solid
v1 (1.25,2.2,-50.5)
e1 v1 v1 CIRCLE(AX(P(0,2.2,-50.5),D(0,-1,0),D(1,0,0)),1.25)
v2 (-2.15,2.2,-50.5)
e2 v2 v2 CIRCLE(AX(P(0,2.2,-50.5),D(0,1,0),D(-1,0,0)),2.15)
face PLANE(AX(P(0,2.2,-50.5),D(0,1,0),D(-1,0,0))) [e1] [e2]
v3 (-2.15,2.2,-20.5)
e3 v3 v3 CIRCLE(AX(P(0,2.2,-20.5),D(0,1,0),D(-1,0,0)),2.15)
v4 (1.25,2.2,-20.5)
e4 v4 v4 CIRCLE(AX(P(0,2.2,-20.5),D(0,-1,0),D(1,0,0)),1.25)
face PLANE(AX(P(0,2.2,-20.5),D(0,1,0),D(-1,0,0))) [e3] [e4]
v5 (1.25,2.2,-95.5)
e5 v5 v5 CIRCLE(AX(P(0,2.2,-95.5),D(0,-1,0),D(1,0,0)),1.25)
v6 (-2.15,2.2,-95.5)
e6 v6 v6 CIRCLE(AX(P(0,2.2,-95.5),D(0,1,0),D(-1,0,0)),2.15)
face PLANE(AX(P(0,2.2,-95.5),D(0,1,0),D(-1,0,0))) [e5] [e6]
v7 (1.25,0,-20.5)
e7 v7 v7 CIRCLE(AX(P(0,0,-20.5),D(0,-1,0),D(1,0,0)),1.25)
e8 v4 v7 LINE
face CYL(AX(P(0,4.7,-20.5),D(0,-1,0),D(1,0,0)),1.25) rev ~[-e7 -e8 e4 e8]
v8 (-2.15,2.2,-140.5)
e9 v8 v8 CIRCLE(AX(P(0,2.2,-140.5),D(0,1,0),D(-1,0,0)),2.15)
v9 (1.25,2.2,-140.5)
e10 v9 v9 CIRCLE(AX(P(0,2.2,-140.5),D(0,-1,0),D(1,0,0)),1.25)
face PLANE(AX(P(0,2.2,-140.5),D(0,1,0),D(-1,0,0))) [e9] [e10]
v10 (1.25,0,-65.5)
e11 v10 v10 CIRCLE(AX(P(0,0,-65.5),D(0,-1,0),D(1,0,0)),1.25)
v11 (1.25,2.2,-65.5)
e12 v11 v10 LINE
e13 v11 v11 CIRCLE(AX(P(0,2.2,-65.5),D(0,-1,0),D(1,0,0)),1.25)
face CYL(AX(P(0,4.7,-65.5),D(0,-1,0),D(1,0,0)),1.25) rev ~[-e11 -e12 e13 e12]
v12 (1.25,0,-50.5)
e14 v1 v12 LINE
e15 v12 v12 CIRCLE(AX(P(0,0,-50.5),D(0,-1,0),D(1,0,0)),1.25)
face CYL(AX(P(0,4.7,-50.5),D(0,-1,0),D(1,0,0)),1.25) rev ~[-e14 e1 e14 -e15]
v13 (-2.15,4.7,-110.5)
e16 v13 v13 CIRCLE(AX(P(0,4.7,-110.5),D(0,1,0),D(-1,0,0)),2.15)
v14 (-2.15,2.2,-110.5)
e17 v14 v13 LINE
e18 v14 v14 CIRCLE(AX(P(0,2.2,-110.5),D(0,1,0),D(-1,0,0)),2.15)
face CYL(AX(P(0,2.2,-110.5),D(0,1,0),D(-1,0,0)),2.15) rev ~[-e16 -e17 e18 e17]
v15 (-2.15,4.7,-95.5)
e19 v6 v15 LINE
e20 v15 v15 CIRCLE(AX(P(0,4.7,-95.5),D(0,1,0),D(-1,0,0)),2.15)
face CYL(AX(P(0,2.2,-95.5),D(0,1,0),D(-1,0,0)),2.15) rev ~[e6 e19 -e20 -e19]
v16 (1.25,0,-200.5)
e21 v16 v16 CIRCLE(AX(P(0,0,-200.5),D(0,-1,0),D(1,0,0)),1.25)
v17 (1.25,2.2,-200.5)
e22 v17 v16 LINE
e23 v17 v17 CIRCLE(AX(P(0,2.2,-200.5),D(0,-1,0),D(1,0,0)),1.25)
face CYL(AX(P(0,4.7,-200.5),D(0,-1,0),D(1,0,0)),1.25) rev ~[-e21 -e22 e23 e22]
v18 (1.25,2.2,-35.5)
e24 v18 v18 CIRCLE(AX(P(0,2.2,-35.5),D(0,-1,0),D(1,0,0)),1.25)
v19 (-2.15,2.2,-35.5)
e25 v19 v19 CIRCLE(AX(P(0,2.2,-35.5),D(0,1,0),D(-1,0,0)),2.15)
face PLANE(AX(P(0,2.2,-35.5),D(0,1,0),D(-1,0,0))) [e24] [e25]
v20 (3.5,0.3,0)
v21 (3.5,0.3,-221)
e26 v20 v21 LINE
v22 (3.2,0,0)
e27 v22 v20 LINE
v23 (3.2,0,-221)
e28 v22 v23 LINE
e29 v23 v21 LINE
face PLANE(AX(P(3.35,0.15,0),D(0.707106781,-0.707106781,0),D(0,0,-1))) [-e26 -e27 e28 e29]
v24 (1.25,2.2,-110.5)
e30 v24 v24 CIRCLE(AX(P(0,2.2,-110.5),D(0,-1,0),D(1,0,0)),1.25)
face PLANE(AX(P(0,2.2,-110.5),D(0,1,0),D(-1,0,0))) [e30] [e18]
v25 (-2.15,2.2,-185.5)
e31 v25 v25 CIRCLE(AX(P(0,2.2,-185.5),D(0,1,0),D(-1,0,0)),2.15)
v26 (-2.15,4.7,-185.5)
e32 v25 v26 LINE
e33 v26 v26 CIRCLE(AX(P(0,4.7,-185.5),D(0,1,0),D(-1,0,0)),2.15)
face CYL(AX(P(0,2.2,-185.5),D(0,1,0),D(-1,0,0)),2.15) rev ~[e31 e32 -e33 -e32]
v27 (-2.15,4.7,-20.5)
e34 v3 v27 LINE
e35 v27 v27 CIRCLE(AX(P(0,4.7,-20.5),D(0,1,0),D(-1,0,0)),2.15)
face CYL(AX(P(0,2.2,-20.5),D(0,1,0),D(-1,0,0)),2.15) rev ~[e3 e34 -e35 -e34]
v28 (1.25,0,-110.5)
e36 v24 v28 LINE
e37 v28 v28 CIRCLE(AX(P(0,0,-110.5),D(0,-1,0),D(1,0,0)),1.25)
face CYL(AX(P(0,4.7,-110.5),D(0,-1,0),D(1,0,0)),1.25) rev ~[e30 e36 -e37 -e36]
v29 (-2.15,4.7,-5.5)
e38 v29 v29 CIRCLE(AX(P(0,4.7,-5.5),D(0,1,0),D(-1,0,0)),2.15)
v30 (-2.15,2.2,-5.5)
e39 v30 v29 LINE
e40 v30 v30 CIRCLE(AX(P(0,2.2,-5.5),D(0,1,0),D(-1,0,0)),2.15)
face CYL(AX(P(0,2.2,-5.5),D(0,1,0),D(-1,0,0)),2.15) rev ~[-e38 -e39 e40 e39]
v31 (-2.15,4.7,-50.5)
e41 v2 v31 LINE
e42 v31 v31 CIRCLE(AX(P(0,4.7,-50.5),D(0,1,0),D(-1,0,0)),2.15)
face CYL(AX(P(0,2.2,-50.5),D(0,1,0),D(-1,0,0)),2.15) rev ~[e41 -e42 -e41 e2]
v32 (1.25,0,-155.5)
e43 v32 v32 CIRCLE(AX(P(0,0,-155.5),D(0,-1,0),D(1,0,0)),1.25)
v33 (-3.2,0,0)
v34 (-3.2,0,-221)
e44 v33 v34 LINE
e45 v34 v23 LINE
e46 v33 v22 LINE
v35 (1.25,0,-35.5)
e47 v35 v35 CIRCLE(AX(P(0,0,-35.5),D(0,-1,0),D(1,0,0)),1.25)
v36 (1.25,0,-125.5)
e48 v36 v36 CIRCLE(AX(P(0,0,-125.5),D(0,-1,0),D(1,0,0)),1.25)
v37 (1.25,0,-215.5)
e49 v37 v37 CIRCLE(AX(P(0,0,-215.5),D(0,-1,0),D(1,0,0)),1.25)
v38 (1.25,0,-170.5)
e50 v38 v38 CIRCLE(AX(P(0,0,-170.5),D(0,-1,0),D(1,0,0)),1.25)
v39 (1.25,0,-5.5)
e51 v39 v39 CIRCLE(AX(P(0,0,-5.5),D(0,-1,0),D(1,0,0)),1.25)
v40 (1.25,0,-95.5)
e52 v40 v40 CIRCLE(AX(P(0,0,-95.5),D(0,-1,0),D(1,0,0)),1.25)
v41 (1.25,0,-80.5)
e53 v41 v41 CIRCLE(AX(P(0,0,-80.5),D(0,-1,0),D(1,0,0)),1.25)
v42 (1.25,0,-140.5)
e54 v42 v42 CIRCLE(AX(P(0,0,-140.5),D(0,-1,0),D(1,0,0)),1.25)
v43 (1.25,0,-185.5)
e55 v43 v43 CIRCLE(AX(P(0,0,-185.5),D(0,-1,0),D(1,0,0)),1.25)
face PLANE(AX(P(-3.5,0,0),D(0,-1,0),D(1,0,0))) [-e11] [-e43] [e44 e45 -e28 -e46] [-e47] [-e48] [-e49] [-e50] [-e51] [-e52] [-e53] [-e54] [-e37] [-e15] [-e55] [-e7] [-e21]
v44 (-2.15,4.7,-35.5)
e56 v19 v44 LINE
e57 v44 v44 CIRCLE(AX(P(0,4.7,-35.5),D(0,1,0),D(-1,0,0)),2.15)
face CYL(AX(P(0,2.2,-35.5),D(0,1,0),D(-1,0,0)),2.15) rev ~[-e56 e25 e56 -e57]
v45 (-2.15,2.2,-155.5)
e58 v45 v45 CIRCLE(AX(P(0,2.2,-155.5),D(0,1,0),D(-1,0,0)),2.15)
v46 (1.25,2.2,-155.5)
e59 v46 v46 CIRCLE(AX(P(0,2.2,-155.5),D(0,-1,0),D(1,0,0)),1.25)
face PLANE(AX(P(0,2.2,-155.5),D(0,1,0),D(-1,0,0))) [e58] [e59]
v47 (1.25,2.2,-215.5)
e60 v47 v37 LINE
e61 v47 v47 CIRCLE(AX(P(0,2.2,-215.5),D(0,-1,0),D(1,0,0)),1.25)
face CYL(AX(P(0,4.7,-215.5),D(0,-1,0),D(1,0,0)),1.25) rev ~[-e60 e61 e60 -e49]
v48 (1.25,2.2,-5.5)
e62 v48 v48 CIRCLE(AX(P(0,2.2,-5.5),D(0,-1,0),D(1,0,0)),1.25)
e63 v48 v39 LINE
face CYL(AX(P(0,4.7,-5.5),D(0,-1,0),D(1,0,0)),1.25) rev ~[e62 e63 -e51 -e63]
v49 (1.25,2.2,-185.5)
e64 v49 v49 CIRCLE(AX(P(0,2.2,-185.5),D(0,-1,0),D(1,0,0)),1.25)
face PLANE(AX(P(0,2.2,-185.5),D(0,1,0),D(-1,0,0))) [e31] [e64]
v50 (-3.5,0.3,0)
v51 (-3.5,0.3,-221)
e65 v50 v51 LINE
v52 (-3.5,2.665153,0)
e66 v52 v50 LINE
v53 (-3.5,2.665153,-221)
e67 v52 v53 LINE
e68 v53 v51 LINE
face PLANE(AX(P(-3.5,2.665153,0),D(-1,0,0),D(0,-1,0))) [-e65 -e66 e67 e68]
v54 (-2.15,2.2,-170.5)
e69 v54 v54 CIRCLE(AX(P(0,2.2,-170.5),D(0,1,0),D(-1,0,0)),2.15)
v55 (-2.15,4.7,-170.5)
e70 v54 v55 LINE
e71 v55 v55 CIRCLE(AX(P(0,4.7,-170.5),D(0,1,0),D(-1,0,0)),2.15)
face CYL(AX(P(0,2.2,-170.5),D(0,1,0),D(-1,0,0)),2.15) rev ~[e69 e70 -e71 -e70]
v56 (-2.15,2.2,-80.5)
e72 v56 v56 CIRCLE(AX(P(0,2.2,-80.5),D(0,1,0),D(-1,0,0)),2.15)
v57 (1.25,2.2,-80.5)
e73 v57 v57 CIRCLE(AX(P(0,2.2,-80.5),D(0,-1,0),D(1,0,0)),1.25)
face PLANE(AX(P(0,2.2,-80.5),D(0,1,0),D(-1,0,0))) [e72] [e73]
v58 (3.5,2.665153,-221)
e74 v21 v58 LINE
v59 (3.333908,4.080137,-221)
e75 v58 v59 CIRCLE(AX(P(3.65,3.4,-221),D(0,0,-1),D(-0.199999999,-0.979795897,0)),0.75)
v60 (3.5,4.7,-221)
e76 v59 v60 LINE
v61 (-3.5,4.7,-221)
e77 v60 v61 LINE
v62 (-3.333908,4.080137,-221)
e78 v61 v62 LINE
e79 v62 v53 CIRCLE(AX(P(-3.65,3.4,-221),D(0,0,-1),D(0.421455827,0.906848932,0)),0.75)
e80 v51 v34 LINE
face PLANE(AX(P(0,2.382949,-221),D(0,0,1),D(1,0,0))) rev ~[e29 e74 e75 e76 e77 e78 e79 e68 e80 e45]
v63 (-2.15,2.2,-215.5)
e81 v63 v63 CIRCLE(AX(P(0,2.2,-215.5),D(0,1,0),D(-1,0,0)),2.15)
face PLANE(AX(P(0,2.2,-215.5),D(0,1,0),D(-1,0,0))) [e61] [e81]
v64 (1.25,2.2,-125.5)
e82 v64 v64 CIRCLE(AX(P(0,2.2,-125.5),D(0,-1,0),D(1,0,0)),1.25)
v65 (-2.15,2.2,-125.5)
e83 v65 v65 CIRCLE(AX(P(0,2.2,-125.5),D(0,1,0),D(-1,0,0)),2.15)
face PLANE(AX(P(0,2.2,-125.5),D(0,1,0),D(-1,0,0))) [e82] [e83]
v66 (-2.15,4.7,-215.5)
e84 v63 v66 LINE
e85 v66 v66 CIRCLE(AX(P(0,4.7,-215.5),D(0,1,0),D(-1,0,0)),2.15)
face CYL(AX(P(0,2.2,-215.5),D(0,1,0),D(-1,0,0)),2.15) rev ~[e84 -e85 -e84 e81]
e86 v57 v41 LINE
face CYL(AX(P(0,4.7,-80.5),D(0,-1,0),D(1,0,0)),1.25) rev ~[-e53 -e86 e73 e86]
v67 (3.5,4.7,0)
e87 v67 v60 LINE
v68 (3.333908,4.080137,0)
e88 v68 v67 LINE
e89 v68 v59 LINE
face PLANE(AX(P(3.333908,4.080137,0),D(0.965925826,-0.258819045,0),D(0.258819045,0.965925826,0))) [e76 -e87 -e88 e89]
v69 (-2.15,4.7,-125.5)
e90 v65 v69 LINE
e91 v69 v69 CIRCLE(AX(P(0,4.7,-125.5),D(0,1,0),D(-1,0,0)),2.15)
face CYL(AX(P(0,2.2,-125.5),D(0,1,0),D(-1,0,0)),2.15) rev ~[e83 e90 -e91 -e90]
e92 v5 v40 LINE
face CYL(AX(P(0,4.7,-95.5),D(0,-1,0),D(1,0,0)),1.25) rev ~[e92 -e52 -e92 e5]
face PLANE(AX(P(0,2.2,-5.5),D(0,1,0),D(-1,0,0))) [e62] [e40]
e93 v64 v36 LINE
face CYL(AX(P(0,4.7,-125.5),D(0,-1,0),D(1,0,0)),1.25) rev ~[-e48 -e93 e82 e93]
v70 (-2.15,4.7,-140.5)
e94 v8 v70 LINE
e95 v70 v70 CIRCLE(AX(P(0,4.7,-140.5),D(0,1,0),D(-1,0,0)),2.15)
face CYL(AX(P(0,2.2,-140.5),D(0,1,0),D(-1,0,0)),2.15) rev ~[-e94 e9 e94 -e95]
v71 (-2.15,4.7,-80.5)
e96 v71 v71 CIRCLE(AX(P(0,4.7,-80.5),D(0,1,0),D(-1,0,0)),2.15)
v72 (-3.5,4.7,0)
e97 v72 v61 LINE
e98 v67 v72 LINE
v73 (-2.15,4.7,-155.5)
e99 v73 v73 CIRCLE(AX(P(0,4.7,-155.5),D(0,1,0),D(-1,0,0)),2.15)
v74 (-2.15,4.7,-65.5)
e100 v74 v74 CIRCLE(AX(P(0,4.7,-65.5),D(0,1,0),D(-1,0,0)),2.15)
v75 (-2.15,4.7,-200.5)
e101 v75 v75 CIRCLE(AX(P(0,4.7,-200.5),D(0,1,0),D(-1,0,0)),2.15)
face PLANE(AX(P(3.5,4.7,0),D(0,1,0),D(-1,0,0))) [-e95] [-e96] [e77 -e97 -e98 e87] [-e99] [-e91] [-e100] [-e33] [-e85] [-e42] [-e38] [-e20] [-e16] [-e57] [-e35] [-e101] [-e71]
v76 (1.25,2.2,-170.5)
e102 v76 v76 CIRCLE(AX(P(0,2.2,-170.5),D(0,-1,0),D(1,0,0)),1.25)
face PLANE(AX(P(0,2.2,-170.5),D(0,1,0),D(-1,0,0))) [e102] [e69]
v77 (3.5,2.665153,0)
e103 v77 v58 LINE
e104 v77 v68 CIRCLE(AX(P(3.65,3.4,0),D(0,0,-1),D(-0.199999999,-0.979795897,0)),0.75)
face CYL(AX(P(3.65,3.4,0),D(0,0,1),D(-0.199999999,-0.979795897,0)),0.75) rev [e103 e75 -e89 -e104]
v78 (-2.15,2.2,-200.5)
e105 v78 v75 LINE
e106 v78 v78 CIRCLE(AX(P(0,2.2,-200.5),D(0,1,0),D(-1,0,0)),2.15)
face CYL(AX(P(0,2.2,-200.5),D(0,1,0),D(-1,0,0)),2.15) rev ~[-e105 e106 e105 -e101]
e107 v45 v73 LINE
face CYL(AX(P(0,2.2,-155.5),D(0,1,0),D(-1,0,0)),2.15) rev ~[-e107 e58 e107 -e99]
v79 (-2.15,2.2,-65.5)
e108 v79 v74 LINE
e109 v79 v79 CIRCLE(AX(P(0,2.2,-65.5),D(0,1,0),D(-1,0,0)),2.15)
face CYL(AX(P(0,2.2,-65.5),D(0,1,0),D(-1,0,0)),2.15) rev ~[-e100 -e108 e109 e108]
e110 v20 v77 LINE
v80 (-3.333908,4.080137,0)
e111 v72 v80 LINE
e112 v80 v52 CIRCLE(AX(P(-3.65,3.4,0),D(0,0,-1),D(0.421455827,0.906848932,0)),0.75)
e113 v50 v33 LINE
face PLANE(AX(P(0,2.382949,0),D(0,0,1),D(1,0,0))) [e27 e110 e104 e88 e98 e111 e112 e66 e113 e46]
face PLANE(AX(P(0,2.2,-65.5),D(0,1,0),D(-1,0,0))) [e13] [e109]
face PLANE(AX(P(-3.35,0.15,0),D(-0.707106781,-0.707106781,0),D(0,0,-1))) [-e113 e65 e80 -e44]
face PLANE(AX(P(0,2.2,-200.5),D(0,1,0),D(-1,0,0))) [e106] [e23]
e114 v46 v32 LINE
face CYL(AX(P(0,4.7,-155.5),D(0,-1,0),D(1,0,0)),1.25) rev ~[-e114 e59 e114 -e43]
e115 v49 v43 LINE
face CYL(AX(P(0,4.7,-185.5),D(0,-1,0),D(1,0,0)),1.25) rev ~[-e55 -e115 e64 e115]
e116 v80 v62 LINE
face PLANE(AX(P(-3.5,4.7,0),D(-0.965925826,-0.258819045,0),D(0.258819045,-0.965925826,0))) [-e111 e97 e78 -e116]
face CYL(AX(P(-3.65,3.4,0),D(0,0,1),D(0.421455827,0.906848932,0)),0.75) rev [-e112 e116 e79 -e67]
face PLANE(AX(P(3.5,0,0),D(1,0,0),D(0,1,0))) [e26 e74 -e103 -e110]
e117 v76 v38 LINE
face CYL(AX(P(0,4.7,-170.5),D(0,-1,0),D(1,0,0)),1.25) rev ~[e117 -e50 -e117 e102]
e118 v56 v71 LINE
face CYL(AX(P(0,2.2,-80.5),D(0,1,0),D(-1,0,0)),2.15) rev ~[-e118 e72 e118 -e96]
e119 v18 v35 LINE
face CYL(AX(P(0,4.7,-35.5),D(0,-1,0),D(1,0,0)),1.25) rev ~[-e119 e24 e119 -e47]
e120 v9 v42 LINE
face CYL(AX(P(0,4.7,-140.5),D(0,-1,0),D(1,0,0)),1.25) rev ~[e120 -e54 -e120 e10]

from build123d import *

# Parameters (mm, degrees)
BOSS_EXTRUDE1_DEPTH                              = 221
CBORE_FOR_M2_HEX_HEAD_MACHINE_SCREW1_D           = 2.5
CBORE_FOR_M2_HEX_HEAD_MACHINE_SCREW1_CBORE_D     = 4.3
CBORE_FOR_M2_HEX_HEAD_MACHINE_SCREW1_CBORE_DEPTH = 2.5
CHAMFER1_SIZE                                    = 0.3


with BuildPart() as part:
    # Sketch1 → Boss-Extrude1 (new body)
    with BuildSketch(Plane.XY):
        with BuildLine():
            Line((3.5, 4.7), (-3.5, 4.7))
            Line((-3.5, 4.7), (-3.333908129, 4.080136699))
            ThreePointArc((-3.333908129, 4.080136699), (-2.905114055, 3.312564712), (-3.5, 2.665153077))
            Line((-3.5, 2.665153077), (-3.5, 0))
            Line((-3.5, 0), (3.5, 0))
            Line((3.5, 0), (3.5, 2.665153077))
            ThreePointArc((3.5, 2.665153077), (2.905114055, 3.312564712), (3.333908129, 4.080136699))
            Line((3.333908129, 4.080136699), (3.5, 4.7))
        make_face()
    extrude(amount=-BOSS_EXTRUDE1_DEPTH)

    # CBORE for M2 Hex Head Machine Screw1 (through all)
    with Locations(Plane(origin=(0, 4.7, 0), x_dir=(-1, 0, 0), z_dir=(0, 1, 0))):
        with Locations((0, -5.5), (0, -20.5), (0, -35.5), (0, -50.5), (0, -65.5), (0, -80.5), (0, -95.5), (0, -110.5), (0, -125.5), (0, -140.5), (0, -155.5), (0, -170.5), (0, -185.5), (0, -200.5), (0, -215.5)):
            CounterBoreHole(CBORE_FOR_M2_HEX_HEAD_MACHINE_SCREW1_D / 2, CBORE_FOR_M2_HEX_HEAD_MACHINE_SCREW1_CBORE_D / 2, CBORE_FOR_M2_HEX_HEAD_MACHINE_SCREW1_CBORE_DEPTH)

    # Chamfer1
    chamfer1_edges = [part.edges().sort_by_distance(p)[0] for p in [
        (3.5, 0, -110.5),
        (-3.5, 0, -110.5),
    ]]
    chamfer(chamfer1_edges, length=CHAMFER1_SIZE)


solid = part.part
